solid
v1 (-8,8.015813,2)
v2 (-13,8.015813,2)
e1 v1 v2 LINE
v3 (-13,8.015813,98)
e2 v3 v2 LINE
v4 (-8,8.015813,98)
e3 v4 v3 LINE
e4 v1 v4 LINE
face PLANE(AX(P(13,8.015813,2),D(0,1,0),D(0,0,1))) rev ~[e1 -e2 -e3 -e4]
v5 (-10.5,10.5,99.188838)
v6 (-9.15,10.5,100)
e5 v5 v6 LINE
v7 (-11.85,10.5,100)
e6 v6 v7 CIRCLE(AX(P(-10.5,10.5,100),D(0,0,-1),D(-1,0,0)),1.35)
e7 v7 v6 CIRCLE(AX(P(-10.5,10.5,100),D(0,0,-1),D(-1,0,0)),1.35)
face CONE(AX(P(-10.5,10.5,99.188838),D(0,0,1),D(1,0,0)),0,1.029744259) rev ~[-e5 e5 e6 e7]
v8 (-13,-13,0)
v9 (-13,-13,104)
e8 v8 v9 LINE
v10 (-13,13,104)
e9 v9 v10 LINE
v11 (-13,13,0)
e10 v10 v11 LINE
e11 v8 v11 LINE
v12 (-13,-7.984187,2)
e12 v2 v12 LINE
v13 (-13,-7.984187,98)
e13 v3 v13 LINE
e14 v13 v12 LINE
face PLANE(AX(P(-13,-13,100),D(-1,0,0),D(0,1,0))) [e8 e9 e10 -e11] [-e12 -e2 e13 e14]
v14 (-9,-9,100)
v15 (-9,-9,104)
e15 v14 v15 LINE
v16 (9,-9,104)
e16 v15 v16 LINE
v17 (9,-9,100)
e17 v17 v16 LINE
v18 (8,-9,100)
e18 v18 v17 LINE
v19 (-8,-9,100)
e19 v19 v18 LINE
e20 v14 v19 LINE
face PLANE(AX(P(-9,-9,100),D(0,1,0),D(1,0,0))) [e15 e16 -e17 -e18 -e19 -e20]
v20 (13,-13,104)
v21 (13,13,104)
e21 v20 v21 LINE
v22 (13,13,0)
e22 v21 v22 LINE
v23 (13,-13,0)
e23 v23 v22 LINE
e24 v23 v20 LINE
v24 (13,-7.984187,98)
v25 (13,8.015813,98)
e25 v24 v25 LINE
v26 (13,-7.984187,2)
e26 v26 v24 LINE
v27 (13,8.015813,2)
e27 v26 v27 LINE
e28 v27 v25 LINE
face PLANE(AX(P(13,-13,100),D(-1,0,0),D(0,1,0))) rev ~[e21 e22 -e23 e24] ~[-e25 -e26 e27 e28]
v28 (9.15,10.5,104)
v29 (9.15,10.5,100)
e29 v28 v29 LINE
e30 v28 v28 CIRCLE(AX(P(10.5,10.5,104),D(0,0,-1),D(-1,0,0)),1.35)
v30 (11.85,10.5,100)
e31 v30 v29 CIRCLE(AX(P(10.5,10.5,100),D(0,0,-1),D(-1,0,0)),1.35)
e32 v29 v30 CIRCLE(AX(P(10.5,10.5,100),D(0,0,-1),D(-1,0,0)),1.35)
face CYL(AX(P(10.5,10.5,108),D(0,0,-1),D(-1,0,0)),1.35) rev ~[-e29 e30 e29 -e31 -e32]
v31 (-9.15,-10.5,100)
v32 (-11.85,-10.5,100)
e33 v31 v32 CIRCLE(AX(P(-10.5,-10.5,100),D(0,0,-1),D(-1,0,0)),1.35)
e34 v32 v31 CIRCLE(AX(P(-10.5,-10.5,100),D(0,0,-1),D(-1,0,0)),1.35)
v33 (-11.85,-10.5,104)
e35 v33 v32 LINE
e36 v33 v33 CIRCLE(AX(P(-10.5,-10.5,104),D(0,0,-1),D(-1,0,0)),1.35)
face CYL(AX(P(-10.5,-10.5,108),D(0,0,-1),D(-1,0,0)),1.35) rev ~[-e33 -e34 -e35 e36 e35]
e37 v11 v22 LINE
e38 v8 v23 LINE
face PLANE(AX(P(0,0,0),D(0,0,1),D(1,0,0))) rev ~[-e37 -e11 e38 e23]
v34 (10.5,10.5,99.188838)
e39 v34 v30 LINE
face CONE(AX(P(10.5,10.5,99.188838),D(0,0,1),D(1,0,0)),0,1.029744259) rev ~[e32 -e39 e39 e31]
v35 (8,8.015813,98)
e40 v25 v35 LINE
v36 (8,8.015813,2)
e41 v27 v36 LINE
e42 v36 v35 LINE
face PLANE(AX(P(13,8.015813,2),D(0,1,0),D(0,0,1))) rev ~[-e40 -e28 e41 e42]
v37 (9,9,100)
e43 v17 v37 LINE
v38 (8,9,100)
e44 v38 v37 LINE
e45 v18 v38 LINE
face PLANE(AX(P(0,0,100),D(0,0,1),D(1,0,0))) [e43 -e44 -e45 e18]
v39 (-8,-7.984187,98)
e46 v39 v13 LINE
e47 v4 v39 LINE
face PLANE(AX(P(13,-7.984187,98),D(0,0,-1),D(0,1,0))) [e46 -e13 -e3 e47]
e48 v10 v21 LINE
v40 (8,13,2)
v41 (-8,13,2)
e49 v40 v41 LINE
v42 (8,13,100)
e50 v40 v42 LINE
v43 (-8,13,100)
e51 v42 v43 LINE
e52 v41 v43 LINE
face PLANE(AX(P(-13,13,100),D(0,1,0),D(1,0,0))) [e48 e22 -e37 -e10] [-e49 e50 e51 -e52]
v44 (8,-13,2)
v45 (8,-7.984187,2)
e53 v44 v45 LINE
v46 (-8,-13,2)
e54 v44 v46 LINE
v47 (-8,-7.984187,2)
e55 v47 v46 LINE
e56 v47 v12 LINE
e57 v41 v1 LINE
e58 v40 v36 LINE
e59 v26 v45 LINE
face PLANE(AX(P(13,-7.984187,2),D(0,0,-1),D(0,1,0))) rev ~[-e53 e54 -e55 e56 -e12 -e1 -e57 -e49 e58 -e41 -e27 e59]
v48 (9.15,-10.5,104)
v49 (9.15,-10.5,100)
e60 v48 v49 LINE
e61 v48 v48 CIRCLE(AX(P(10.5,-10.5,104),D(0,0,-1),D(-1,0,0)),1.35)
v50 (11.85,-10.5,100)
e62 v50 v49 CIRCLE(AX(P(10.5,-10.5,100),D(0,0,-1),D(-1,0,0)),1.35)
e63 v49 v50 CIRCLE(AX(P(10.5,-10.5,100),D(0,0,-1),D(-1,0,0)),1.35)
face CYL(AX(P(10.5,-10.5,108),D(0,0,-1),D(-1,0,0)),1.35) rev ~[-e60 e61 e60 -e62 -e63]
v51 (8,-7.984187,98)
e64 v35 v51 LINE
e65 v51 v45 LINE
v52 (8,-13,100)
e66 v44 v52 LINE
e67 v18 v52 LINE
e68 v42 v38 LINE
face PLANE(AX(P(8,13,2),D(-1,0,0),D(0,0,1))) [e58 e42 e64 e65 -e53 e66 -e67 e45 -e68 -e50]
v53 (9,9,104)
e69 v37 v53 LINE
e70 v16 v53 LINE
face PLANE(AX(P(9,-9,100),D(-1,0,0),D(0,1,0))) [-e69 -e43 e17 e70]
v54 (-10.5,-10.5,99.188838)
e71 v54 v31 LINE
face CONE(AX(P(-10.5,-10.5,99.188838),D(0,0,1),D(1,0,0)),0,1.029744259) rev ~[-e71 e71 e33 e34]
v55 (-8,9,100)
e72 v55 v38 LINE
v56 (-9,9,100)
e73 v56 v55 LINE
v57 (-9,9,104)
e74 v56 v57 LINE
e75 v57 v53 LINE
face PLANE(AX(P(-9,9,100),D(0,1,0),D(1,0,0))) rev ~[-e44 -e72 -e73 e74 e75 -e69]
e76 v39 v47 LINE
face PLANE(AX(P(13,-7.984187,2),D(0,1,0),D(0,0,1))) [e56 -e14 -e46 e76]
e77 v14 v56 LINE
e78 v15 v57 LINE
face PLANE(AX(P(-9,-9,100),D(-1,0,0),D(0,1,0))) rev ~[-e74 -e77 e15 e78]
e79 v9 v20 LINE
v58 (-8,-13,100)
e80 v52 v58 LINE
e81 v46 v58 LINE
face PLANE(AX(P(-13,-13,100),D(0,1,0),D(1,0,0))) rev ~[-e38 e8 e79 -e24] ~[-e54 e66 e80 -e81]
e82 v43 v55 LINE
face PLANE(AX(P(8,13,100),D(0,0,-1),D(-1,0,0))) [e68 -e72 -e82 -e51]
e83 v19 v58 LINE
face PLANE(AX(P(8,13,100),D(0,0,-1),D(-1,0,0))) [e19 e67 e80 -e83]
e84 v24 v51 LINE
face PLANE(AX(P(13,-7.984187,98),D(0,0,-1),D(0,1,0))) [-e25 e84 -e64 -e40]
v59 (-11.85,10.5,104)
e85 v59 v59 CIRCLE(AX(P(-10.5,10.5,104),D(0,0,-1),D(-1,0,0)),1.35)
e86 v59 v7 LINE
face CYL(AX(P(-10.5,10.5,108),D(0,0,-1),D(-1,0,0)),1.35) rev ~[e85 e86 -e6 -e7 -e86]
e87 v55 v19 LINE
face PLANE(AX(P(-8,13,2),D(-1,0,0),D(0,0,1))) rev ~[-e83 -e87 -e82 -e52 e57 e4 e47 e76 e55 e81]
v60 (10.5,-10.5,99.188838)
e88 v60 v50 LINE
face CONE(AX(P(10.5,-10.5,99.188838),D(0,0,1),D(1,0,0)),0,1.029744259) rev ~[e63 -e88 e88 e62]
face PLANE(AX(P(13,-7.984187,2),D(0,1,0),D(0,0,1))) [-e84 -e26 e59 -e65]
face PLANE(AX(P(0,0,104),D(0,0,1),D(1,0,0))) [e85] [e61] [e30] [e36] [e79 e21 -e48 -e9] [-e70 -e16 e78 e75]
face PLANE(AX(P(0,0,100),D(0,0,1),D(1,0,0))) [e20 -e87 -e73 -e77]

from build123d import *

# Parameters (mm, degrees)
F0_W      = 26
F0_H      = 26
F0_W_2    = 16
F0_H_2    = 16
F1_DEPTH  = 2
F2_DEPTH  = 100
F3_W      = 26
F3_H      = 26
F3_W_2    = 18
F3_H_2    = 18
F4_DEPTH  = 4
F6_D      = 2.7
F6_DEPTH  = 4
F6_TIP    = 0.8111618357
F7_W      = 16
F7_H      = 96
F8_DEPTH  = 26.001
F9_W      = 16
F9_H      = 98
F10_DEPTH = 26.001


with BuildPart() as f1:
    # F0 (on Top) → F1 (new body)
    with BuildSketch(Plane.XY):
        Rectangle(F0_W, F0_H)
        Rectangle(F0_W_2, F0_H_2, mode=Mode.SUBTRACT)
        Rectangle(F0_W_2, F0_H_2)
    extrude(amount=F1_DEPTH)

    # F0 (on Top) → F2 (join)
    with BuildSketch(Plane.XY):
        Rectangle(F0_W, F0_H)
        Rectangle(F0_W_2, F0_H_2, mode=Mode.SUBTRACT)
    extrude(amount=F2_DEPTH)

    # F3 (on face) → F4 (join)
    with BuildSketch(Plane.XY.offset(100)):
        Rectangle(F3_W, F3_H)
        Rectangle(F3_W_2, F3_H_2, mode=Mode.SUBTRACT)
    extrude(amount=F4_DEPTH)

    # F6
    with Locations(Plane.XY.offset(104)):
        with Locations((-10.5, 10.5), (10.5, 10.5), (-10.5, -10.5), (10.5, -10.5)):
            Hole(F6_D / 2, depth=F6_DEPTH)
            with Locations((0, 0, -(F6_DEPTH + F6_TIP / 2))):  # 118° drill point
                Cone(0, F6_D / 2, F6_TIP, mode=Mode.SUBTRACT)

    # F7 (on face) → F8 (cut, through all)
    with BuildSketch(Plane.YZ.offset(13)):
        with Locations((0.015812546, 50)):
            Rectangle(F7_W, F7_H)
    extrude(amount=-F8_DEPTH, mode=Mode.SUBTRACT)

    # F9 (on face) → F10 (cut, through all)
    with BuildSketch(Plane(origin=(0, 13, 0), x_dir=(-1, 0, 0), z_dir=(0, 1, 0))):
        with Locations((0, 51)):
            Rectangle(F9_W, F9_H)
    extrude(amount=-F10_DEPTH, mode=Mode.SUBTRACT)


solid = f1.part
